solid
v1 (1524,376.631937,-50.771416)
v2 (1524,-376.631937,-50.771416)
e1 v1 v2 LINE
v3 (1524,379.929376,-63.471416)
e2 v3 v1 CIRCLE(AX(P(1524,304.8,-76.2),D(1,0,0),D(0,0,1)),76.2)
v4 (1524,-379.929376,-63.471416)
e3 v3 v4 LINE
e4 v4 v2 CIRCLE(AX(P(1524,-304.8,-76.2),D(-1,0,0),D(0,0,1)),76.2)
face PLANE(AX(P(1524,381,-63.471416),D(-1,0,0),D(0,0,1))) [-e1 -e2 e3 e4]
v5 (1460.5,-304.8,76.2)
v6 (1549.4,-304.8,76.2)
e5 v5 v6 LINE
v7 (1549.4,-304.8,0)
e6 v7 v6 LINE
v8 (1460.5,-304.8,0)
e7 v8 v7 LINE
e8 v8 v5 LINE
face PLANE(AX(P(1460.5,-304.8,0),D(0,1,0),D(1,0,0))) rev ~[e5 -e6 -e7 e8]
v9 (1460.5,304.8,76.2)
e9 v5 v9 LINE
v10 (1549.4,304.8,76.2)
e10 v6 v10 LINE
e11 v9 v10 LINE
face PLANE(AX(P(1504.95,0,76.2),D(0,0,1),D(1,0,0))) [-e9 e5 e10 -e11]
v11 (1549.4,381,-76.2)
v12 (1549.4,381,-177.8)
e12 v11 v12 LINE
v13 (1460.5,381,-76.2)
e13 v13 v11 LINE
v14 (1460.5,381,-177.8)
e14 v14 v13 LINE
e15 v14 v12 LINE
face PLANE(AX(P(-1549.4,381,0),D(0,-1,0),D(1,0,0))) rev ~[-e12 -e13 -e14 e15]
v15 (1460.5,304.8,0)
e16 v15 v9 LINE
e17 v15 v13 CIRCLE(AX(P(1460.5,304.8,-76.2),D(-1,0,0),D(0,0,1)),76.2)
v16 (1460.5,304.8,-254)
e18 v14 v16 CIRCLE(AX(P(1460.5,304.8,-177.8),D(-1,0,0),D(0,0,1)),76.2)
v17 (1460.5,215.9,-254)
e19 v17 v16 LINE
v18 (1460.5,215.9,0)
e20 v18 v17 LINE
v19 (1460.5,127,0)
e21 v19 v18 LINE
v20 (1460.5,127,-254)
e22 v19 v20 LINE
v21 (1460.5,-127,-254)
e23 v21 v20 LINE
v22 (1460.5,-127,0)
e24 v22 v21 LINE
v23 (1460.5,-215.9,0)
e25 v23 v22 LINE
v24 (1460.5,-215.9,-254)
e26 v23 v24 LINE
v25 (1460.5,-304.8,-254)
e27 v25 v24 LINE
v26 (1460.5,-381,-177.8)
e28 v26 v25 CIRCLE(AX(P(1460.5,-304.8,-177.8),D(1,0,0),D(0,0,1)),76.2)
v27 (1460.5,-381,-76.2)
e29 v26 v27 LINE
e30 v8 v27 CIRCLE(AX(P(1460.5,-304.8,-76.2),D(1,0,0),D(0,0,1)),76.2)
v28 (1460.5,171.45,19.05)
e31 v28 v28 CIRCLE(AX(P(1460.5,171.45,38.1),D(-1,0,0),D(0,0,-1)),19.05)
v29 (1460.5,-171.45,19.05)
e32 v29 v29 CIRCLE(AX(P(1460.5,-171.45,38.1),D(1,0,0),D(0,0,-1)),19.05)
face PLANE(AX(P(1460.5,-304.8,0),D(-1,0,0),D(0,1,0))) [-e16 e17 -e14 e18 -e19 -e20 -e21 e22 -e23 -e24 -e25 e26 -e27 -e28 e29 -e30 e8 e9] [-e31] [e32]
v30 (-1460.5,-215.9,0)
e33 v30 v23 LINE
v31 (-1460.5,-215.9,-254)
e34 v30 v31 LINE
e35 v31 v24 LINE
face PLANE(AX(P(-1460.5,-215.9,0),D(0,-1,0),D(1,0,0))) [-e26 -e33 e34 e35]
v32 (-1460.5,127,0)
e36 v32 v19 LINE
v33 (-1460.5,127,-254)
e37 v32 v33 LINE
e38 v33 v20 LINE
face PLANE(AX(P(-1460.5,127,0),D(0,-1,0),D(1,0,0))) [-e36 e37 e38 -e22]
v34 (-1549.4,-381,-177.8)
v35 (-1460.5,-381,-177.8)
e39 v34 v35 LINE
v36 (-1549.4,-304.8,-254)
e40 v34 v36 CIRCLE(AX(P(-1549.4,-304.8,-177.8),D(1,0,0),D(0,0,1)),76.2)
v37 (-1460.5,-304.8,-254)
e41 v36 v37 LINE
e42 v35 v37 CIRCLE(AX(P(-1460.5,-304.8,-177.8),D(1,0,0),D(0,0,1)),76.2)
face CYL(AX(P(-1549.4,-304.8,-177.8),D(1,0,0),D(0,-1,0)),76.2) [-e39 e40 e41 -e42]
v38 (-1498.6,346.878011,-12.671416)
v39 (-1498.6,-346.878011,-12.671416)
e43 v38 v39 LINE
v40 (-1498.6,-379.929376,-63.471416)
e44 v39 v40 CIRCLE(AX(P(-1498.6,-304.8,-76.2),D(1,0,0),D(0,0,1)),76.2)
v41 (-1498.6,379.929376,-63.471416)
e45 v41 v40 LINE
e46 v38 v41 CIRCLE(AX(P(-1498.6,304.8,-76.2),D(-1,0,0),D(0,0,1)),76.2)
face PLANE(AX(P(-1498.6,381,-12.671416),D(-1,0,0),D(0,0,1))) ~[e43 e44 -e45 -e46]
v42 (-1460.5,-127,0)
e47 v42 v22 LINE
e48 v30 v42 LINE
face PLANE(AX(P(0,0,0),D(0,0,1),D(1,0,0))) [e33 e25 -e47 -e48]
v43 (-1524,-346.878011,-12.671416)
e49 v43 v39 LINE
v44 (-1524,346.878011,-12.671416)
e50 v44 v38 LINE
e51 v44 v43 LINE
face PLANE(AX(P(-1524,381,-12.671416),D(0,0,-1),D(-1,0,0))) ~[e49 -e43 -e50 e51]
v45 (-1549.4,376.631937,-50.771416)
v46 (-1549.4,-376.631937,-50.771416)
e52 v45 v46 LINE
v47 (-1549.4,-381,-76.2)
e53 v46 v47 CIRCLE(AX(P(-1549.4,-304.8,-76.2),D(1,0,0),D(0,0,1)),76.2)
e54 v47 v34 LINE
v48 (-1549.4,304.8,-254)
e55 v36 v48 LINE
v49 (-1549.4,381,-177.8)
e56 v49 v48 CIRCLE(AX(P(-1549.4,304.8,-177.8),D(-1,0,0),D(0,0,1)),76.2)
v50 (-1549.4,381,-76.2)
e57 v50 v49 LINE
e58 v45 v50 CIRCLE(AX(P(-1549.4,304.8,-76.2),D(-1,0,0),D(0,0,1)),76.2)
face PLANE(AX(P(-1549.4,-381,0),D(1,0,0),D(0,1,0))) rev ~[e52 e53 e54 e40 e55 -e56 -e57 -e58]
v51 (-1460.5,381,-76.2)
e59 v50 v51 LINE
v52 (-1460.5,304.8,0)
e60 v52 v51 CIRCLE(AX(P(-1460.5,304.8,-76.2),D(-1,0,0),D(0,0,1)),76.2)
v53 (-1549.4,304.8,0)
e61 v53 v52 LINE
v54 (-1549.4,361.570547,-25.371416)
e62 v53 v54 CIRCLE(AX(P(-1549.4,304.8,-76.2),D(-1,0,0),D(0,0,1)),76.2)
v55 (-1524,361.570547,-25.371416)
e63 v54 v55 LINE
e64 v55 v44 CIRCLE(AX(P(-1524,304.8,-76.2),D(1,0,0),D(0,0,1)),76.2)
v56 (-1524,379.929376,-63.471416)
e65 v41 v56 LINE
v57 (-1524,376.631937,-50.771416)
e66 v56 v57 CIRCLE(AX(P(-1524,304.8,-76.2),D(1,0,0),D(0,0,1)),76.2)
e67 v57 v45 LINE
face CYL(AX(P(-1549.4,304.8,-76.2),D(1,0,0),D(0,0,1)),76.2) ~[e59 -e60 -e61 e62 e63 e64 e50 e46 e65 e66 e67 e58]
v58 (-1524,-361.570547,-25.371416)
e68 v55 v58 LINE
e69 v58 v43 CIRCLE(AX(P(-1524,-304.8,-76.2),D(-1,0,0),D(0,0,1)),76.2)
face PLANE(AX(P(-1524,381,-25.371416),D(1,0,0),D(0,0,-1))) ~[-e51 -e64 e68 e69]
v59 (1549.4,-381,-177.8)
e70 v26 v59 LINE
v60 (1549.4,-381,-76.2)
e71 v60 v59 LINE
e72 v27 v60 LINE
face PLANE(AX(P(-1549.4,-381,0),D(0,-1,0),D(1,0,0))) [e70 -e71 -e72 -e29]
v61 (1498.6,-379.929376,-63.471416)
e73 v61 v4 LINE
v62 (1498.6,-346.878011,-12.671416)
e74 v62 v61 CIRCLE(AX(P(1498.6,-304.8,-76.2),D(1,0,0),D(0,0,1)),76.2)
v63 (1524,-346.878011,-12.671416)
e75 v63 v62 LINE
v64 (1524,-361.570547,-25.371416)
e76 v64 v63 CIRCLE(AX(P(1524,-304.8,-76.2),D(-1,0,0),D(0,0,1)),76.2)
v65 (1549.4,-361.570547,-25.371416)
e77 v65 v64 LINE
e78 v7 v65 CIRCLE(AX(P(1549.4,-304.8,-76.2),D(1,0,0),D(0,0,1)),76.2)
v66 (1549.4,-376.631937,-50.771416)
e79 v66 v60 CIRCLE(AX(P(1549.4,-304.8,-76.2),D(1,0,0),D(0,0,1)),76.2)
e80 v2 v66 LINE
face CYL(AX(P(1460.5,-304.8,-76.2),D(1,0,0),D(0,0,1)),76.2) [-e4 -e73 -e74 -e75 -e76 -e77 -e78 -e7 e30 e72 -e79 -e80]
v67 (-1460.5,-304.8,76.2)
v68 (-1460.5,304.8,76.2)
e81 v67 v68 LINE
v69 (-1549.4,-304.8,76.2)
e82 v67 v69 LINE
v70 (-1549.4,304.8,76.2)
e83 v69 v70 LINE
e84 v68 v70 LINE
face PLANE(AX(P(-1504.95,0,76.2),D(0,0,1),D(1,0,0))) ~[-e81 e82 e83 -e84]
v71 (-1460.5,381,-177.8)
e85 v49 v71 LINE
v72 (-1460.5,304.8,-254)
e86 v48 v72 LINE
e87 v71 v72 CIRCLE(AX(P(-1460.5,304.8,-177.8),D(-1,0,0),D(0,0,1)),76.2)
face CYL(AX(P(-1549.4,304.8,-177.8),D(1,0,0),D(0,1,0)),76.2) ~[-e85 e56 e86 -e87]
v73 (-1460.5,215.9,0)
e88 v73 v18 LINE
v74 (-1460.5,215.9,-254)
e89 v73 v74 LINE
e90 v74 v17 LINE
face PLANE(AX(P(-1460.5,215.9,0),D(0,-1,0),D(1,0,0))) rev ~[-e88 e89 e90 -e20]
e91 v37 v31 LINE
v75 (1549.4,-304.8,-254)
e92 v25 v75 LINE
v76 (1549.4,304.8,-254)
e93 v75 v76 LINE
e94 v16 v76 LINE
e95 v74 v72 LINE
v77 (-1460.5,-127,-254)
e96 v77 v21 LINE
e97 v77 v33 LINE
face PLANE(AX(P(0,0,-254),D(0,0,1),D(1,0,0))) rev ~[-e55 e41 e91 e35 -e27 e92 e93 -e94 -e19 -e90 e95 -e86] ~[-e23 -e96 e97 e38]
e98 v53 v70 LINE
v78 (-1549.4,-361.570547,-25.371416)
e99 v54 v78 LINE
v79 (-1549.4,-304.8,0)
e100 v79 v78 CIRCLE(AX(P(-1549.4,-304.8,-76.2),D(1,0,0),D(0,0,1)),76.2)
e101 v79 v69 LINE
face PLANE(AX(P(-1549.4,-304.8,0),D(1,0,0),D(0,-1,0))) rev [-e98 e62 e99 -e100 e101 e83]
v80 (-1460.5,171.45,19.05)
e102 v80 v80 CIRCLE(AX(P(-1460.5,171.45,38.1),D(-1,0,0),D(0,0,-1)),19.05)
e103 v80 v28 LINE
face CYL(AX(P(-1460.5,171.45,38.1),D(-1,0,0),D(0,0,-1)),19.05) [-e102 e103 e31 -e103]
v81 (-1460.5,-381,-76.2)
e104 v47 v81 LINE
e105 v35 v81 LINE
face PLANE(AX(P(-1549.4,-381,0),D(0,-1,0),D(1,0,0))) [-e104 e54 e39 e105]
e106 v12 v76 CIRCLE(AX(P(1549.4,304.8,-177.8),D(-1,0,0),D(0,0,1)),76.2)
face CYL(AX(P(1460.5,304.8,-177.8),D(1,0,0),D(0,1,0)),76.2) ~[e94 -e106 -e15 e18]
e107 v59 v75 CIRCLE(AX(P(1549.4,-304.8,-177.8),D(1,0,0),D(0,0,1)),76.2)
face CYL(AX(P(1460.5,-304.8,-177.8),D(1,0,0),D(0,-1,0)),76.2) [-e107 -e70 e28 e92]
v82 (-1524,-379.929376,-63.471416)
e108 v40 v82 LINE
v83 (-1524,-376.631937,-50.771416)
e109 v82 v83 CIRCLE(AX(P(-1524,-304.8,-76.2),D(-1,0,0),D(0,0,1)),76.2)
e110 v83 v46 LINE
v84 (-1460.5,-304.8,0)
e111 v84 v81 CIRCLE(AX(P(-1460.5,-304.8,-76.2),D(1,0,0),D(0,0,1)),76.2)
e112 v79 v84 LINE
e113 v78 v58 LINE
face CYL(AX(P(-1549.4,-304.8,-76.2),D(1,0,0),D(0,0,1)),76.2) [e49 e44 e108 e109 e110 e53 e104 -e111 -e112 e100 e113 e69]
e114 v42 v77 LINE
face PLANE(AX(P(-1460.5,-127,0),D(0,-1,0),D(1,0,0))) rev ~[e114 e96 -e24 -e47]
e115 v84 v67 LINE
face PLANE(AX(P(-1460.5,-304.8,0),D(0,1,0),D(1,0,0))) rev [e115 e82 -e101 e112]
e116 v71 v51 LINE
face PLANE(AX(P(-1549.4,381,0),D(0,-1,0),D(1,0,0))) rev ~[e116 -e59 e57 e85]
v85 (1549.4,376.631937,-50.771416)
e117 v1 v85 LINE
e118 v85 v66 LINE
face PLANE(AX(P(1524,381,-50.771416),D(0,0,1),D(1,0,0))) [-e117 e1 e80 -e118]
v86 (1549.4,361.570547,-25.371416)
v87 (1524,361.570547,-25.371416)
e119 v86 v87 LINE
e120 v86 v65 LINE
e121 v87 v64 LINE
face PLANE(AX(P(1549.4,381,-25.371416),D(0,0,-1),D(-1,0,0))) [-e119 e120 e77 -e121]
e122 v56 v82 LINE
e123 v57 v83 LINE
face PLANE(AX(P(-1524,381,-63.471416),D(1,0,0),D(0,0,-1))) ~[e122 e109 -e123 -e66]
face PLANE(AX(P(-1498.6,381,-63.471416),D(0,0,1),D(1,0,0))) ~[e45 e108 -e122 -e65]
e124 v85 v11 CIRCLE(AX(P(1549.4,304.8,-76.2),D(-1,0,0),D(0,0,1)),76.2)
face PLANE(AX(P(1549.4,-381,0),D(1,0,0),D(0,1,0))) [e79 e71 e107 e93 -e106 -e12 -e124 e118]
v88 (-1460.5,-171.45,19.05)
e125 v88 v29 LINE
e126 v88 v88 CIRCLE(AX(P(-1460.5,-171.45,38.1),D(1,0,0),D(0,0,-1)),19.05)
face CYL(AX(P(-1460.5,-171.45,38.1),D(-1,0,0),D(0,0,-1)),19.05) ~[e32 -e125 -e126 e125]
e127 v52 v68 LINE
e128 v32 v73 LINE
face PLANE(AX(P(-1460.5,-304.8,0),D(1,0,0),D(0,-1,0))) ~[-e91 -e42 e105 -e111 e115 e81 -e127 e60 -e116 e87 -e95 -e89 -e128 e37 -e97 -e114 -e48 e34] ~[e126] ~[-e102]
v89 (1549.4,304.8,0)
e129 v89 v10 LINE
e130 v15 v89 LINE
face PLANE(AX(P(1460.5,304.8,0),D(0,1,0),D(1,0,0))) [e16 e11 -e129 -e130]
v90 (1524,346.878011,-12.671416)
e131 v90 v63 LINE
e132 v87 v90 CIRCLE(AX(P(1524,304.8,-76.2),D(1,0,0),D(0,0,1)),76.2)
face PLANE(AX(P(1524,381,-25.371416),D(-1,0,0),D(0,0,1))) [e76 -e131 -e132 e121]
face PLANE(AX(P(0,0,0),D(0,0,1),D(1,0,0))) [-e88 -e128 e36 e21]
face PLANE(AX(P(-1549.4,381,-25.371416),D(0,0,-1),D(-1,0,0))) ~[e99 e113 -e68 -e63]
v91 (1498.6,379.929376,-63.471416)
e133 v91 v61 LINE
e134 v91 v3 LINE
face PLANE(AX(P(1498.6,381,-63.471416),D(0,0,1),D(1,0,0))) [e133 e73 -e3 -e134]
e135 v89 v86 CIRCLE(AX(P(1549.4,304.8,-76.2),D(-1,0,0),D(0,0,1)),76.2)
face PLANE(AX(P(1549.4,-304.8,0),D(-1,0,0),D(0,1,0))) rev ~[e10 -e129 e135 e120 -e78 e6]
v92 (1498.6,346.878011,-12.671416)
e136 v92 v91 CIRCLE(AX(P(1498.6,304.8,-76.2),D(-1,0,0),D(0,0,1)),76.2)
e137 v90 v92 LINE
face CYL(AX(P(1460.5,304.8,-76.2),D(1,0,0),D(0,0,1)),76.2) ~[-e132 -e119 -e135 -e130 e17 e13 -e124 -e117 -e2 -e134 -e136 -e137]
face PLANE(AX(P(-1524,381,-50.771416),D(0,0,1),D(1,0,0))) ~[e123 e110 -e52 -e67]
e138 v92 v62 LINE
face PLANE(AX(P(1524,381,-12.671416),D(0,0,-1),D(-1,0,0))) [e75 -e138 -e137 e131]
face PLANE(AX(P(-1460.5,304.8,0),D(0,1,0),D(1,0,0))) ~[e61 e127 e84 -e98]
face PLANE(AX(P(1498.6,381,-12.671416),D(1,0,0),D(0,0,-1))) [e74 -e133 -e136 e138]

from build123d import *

# Parameters (mm, degrees)
SKETCH2_W           = 3098.8
SKETCH2_H           = 762
BOSS_EXTRUDE1_DEPTH = 254
SKETCH4_W           = 2921
SKETCH4_H           = 254
CUT_EXTRUDE2_DEPTH  = 255
SKETCH5_W           = 2921
SKETCH5_H           = 224.068342029
SKETCH5_H_2         = 209.470733182
CUT_EXTRUDE3_DEPTH  = 255
CUT_EXTRUDE5_START  = -762
CUT_EXTRUDE5_DEPTH  = 763
FILLET1_R           = 76.2
SKETCH9_W           = 88.9
SKETCH9_H           = 609.6
BOSS_EXTRUDE3_DEPTH = 76.2
SKETCH10_R          = 19.05
BOSS_EXTRUDE4_DEPTH = 2921


with BuildPart() as part:
    # Sketch2 → Boss-Extrude1 (new body)
    with BuildSketch(Plane.XY):
        Rectangle(SKETCH2_W, SKETCH2_H)
    extrude(amount=-BOSS_EXTRUDE1_DEPTH)

    # Sketch4 → Cut-Extrude2 (cut, through all)
    with BuildSketch(Plane.XY):
        Rectangle(SKETCH4_W, SKETCH4_H)
    extrude(amount=-CUT_EXTRUDE2_DEPTH, mode=Mode.SUBTRACT)

    # Sketch5 → Cut-Extrude3 (cut, through all)
    with BuildSketch(Plane.XY):
        with Locations((0, 327.934171015)):
            Rectangle(SKETCH5_W, SKETCH5_H)
        with Locations((0, -320.635366591)):
            Rectangle(SKETCH5_W, SKETCH5_H_2)
    extrude(amount=-CUT_EXTRUDE3_DEPTH, mode=Mode.SUBTRACT)

    # Sketch7 → Cut-Extrude5 (cut)
    with BuildSketch(Plane.XZ.offset(381).offset(CUT_EXTRUDE5_START)):
        Polygon((1524, -12.671415736), (1498.6, -12.671415736), (1498.6, -63.471415736), (1524, -63.471415736), (1524, -50.771415736), (1549.4, -50.771415736), (1549.4, -25.371415736), (1524, -25.371415736), align=None)
    cut_extrude5 = extrude(amount=CUT_EXTRUDE5_DEPTH, mode=Mode.SUBTRACT)

    # Mirror1: Cut-Extrude5 across plane
    add(cut_extrude5.mirror(Plane(origin=(0, 0, 0), x_dir=(0, 0, 1), z_dir=(1, 0, 0))), mode=Mode.SUBTRACT)

    # Fillet1
    fillet1_edges = [part.edges().sort_by_distance(p)[0] for p in [
        (-1504.95, -381, 0),
        (-1504.95, -381, -254),
        (-1504.95, 381, 0),
        (-1504.95, 381, -254),
        (1504.95, 381, 0),
        (1504.95, 381, -254),
        (1504.95, -381, -254),
        (1504.95, -381, 0),
    ]]
    fillet(fillet1_edges, radius=FILLET1_R)

    # Sketch9 → Boss-Extrude3 (add)
    with BuildSketch(Plane.XY):
        with Locations((1504.95, 0)):
            Rectangle(SKETCH9_W, SKETCH9_H)
    boss_extrude3 = extrude(amount=BOSS_EXTRUDE3_DEPTH)

    # Mirror6: Boss-Extrude3 across plane
    add(boss_extrude3.mirror(Plane(origin=(0, 0, 0), x_dir=(0, 0, 1), z_dir=(1, 0, 0))))

    # Sketch10 → Boss-Extrude4 (add)
    with BuildSketch(Plane(origin=(-1460.5, 0, 0), x_dir=(0, 0, -1), z_dir=(1, 0, 0))):
        with Locations((-38.1, -171.45)):
            Circle(SKETCH10_R)
    boss_extrude4 = extrude(amount=BOSS_EXTRUDE4_DEPTH)

    # Mirror7: Boss-Extrude4 across plane
    add(boss_extrude4.mirror(Plane.ZX))


solid = part.part
